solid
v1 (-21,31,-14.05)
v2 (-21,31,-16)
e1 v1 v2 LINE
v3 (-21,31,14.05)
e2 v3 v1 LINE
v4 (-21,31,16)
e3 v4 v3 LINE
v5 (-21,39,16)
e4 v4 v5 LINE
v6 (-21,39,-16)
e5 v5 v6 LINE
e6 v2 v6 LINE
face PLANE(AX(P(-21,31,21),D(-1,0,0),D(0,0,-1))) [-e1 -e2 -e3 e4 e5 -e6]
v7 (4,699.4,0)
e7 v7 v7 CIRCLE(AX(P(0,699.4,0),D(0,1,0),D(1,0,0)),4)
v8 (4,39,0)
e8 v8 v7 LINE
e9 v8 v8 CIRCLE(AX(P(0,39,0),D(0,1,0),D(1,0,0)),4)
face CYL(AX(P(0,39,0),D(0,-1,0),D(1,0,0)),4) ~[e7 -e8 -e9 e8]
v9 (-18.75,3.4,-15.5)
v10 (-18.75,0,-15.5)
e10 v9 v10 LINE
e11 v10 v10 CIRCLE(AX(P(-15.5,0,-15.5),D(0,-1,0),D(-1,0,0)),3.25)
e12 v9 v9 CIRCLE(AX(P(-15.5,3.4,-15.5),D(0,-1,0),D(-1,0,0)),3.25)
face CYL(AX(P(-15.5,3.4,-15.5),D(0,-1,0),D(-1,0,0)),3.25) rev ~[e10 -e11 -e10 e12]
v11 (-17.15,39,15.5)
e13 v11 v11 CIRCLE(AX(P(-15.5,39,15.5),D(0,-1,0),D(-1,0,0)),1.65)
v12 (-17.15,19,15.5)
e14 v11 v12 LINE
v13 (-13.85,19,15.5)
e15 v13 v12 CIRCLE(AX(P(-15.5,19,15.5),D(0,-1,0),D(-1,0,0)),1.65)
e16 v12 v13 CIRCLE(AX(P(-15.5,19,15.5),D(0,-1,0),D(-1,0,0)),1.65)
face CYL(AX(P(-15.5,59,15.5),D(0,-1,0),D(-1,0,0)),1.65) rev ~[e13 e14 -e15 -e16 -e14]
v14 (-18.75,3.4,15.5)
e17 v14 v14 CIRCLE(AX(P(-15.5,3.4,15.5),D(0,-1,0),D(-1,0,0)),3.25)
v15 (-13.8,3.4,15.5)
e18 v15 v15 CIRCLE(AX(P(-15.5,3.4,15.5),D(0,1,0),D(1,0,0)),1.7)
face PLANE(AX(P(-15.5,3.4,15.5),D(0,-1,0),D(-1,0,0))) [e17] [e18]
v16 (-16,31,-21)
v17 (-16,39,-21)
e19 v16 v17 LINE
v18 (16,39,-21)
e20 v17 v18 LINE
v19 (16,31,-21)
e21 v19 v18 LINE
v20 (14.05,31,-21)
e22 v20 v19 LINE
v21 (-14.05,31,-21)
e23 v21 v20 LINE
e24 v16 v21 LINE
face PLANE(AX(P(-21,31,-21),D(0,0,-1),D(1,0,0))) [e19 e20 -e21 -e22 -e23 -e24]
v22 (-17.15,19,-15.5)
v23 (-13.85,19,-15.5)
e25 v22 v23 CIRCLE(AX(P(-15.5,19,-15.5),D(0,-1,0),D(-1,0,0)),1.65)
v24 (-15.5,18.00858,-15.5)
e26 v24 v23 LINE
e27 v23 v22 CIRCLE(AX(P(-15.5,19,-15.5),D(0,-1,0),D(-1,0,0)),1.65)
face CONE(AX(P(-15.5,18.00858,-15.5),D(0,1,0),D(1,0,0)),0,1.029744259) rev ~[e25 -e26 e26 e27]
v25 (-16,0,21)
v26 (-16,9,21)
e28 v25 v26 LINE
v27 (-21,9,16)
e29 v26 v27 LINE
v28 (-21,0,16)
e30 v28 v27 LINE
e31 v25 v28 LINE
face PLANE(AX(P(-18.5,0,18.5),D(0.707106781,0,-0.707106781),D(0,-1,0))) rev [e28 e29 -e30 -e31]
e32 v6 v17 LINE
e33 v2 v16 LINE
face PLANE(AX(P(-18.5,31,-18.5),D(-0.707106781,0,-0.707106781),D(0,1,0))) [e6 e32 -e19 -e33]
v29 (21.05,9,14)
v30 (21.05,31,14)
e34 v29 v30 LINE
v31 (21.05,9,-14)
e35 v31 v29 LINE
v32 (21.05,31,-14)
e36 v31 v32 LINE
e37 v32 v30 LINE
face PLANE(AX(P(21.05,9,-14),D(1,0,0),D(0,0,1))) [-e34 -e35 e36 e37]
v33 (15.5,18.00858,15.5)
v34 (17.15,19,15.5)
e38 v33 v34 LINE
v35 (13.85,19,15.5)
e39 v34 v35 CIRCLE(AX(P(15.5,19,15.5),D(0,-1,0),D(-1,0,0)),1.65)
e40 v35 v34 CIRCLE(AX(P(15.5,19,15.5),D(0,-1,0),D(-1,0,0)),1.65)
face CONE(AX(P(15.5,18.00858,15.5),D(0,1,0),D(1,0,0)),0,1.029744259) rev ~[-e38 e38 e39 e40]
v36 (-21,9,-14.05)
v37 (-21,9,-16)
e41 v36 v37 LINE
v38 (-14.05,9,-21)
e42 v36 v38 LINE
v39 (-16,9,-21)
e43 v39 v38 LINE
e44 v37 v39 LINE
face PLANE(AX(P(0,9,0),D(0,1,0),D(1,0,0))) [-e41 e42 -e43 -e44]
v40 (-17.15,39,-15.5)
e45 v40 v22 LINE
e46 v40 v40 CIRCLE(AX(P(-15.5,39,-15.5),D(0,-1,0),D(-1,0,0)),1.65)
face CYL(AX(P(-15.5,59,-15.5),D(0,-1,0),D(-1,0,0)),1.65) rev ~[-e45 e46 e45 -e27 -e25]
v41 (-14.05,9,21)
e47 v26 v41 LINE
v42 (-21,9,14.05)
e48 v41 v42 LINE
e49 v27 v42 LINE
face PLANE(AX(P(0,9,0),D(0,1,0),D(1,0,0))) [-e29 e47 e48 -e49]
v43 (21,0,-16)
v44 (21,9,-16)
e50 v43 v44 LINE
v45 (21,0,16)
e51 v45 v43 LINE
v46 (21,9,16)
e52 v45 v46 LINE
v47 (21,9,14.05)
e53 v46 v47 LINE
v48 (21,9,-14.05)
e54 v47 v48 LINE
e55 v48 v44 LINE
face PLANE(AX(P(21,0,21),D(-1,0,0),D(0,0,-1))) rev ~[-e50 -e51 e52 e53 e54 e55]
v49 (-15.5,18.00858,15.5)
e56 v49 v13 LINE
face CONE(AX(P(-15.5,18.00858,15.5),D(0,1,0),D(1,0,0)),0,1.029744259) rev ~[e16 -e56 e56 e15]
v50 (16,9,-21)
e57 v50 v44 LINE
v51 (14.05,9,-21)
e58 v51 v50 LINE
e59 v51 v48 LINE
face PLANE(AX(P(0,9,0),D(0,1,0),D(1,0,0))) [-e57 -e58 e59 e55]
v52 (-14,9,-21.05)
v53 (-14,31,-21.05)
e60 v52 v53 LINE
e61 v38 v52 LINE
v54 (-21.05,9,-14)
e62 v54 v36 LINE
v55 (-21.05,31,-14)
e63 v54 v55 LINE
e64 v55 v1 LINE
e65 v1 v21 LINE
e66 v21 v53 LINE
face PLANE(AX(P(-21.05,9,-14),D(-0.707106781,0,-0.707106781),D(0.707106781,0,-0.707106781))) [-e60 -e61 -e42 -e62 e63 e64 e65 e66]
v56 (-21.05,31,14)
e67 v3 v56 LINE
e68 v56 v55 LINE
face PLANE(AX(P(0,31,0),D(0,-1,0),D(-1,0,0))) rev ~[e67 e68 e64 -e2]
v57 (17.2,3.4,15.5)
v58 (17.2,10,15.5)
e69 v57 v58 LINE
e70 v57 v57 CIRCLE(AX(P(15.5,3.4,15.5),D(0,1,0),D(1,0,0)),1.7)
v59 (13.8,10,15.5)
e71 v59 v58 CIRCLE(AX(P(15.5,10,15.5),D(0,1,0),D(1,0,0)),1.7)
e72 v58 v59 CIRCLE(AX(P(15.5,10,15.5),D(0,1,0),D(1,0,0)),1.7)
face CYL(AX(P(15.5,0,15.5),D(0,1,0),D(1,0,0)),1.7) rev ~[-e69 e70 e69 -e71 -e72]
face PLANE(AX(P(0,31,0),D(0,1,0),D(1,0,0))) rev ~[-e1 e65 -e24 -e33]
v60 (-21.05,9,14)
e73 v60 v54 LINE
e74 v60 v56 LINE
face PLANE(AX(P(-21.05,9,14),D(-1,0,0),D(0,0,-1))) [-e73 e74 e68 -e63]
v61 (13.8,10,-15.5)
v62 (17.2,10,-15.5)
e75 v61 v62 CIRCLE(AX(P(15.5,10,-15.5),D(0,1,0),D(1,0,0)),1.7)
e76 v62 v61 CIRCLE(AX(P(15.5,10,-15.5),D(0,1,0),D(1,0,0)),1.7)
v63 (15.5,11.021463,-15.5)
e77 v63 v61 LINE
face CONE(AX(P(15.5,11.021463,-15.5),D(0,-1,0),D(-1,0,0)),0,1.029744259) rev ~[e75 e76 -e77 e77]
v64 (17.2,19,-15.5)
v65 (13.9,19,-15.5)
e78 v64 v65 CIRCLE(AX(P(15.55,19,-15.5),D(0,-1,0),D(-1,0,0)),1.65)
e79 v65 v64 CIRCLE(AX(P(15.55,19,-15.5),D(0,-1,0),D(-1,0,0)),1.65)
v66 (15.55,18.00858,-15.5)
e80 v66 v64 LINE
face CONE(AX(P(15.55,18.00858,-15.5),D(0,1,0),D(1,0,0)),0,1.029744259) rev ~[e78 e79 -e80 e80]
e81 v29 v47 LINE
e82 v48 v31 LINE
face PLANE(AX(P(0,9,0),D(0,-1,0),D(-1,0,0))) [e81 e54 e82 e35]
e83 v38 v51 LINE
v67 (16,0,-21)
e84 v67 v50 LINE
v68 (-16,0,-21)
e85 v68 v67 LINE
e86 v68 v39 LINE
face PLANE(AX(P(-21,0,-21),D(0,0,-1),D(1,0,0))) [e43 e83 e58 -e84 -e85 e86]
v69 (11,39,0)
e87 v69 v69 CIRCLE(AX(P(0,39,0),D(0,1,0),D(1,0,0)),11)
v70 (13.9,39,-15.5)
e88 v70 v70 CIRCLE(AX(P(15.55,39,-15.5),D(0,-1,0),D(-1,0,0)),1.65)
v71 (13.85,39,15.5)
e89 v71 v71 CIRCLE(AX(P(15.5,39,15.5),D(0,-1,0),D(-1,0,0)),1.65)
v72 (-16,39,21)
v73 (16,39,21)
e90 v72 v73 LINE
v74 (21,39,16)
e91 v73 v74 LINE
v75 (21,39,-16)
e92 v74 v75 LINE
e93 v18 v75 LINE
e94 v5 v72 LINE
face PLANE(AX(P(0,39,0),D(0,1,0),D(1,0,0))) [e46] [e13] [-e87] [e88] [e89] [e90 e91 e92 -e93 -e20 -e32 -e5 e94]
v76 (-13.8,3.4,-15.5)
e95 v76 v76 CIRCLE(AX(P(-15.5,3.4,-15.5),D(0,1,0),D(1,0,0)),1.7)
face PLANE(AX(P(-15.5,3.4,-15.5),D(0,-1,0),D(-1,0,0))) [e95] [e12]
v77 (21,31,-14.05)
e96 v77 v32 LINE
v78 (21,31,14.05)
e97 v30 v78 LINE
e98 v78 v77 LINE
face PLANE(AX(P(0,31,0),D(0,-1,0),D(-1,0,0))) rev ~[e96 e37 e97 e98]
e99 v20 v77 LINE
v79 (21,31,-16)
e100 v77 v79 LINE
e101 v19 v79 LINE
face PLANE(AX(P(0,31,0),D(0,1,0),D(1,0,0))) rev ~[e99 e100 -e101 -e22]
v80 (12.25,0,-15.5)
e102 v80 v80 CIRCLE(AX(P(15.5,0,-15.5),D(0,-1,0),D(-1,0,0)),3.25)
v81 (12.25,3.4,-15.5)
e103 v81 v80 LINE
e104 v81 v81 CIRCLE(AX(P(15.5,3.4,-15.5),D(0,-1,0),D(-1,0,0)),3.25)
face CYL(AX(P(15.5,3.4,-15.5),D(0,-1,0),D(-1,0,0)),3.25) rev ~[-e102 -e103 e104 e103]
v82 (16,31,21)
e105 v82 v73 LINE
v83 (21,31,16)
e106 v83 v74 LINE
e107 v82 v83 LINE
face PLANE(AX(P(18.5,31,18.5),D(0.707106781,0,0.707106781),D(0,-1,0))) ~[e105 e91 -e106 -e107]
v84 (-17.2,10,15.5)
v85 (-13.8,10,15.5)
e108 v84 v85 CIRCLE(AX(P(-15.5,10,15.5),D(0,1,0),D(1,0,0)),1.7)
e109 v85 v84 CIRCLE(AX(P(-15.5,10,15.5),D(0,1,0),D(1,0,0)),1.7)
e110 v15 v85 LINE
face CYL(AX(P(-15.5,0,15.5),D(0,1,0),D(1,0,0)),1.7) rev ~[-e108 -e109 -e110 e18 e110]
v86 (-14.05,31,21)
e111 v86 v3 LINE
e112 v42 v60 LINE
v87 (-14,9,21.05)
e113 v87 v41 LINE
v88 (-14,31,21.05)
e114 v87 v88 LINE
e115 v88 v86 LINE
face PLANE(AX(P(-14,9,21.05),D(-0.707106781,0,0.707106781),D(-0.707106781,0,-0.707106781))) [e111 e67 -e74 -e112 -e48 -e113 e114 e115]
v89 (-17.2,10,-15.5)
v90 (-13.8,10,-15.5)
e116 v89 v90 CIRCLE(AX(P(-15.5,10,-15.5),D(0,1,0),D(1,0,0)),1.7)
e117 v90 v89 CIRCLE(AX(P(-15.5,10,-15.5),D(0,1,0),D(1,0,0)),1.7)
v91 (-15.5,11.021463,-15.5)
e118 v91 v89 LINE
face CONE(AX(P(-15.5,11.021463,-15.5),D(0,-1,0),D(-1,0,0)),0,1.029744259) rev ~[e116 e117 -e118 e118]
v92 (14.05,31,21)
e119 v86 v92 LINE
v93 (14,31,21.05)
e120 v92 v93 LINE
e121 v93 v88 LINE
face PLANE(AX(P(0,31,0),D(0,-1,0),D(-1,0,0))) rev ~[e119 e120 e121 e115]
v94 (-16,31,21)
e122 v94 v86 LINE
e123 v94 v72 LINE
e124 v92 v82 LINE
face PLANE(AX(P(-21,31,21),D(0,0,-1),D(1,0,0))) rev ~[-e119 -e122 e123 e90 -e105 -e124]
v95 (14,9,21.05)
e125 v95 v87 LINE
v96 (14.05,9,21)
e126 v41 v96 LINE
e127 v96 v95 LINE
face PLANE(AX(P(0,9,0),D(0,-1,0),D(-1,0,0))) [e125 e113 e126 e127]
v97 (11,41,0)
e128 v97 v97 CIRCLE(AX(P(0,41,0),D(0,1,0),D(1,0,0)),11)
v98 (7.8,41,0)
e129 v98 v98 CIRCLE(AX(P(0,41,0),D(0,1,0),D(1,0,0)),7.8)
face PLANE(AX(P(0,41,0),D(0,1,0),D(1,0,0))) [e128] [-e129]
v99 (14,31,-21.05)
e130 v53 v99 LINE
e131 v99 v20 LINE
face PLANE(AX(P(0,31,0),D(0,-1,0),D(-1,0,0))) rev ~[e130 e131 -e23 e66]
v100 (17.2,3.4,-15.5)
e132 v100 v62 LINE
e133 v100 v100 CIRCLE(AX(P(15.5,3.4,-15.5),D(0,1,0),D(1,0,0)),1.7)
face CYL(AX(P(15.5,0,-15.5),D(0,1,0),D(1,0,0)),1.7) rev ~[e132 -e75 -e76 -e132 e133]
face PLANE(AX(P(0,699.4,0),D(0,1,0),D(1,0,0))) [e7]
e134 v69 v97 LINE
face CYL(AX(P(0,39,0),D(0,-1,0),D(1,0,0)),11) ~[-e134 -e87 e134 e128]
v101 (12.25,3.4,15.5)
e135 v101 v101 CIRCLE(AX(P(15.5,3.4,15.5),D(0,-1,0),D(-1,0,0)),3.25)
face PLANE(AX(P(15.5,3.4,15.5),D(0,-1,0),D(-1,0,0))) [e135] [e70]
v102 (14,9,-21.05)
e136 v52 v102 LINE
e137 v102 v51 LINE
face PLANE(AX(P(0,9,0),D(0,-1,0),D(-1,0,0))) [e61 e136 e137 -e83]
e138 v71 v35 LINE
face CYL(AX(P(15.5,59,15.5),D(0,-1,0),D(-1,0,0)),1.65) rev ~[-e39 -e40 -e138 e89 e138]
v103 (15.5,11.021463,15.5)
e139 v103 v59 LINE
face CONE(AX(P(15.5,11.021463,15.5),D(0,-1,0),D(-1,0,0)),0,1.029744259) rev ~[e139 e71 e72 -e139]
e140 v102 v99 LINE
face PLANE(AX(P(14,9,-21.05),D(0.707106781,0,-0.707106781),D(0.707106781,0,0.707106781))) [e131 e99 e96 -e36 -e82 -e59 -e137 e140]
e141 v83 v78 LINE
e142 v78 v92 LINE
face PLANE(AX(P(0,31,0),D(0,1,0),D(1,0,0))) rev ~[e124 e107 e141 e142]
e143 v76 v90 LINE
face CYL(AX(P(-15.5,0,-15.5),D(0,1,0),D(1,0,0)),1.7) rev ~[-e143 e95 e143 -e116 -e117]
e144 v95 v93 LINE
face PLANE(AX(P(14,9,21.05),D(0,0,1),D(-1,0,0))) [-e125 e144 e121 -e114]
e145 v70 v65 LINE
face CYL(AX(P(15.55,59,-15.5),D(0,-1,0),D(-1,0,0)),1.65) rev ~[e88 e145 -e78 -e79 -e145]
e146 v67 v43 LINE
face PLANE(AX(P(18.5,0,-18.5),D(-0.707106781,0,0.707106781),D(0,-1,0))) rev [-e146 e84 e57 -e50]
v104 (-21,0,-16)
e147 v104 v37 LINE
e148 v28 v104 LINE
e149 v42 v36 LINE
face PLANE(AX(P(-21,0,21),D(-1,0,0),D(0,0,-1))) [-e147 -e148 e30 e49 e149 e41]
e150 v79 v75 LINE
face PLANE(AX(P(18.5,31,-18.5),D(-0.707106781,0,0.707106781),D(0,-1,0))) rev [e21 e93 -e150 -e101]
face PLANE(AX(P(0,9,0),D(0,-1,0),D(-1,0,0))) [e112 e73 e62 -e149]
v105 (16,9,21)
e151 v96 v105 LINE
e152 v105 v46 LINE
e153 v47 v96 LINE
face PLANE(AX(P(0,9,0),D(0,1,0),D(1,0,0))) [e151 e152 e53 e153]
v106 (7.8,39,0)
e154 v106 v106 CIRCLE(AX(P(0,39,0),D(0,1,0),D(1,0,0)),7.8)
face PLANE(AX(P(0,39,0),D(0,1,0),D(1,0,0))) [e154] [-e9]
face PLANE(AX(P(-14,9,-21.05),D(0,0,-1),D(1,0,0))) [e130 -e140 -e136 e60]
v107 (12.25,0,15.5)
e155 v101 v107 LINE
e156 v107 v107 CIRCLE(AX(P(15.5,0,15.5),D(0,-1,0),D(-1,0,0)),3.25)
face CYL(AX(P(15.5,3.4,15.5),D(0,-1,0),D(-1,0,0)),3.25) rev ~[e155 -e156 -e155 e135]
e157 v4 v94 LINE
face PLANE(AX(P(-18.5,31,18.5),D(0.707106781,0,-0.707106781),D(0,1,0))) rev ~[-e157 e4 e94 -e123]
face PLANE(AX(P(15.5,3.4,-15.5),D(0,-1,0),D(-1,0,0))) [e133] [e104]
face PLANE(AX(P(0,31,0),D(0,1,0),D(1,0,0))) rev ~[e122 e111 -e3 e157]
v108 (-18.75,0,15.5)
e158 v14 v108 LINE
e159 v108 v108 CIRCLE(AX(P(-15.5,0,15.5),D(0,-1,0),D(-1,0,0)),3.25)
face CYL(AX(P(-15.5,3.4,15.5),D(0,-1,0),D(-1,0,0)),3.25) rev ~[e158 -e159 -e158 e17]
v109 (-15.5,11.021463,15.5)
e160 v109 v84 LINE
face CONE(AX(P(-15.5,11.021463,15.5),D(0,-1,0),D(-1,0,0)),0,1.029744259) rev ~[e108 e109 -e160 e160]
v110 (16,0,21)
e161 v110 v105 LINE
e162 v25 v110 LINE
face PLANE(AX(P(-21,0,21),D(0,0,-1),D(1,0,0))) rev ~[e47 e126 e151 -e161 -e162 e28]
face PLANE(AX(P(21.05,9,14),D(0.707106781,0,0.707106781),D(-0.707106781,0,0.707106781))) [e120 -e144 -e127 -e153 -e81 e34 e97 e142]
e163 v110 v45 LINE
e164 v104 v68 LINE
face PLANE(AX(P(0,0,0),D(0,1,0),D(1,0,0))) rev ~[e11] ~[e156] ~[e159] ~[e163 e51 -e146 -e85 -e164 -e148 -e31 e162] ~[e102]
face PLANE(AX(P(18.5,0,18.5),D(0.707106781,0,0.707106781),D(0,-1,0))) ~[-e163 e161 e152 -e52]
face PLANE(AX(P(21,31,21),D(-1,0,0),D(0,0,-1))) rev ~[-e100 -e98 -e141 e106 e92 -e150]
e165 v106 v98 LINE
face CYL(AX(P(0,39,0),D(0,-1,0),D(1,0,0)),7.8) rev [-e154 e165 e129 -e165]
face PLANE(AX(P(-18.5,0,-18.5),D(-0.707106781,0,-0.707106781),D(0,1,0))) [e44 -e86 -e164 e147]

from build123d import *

# Parameters (mm, degrees)
ESBO_O1_W                                            = 42
ESBO_O1_H                                            = 42
RESSALTO_EXTRUS_O1_DEPTH                             = 9
RESSALTO_EXTRUS_O2_DEPTH                             = 22
ESBO_O3_W                                            = 42
ESBO_O3_H                                            = 42
RESSALTO_EXTRUS_O3_DEPTH                             = 8
ESBO_O4_R                                            = 11
ESBO_O4_R_2                                          = 7.8
RESSALTO_EXTRUS_O4_DEPTH                             = 2
BROCA_DE_ROSQUEAR_PARA_TARRAXA_DE_M41_D              = 3.3
BROCA_DE_ROSQUEAR_PARA_TARRAXA_DE_M41_DEPTH          = 20
BROCA_DE_ROSQUEAR_PARA_TARRAXA_DE_M41_TIP            = 0.991420021
CHANFRO1_SIZE                                        = 5
REBAIXO_PARA_PARAFUSO_ALLEN_SEXTAVADO_DE_D           = 3.4
REBAIXO_PARA_PARAFUSO_ALLEN_SEXTAVADO_DE_DEPTH       = 10
REBAIXO_PARA_PARAFUSO_ALLEN_SEXTAVADO_DE_CBORE_D     = 6.5
REBAIXO_PARA_PARAFUSO_ALLEN_SEXTAVADO_DE_CBORE_DEPTH = 3.4
REBAIXO_PARA_PARAFUSO_ALLEN_SEXTAVADO_DE_TIP         = 1.021463052
ESBO_O10_R                                           = 4
BOSS_EXTRUDE1_DEPTH                                  = 660.4


with BuildPart() as part:
    # Esboço1 → Ressalto-extrusão1 (new body)
    with BuildSketch(Plane(origin=(0, 0, 0), x_dir=(1, 0, 0), z_dir=(0, 1, 0))):
        Rectangle(ESBO_O1_W, ESBO_O1_H)
    extrude(amount=RESSALTO_EXTRUS_O1_DEPTH)

    # Esboço2 → Ressalto-extrusão2 (add)
    with BuildSketch(Plane(origin=(0, 9, 0), x_dir=(1, 0, 0), z_dir=(0, 1, 0))):
        Polygon((14, 21.05), (21.05, 14), (21.05, -14), (14, -21.05), (-14, -21.05), (-21.05, -14), (-21.05, 14), (-14, 21.05), align=None)
    extrude(amount=RESSALTO_EXTRUS_O2_DEPTH)

    # Esboço3 → Ressalto-extrusão3 (add)
    with BuildSketch(Plane(origin=(0, 31, 0), x_dir=(1, 0, 0), z_dir=(0, 1, 0))):
        Rectangle(ESBO_O3_W, ESBO_O3_H)
    extrude(amount=RESSALTO_EXTRUS_O3_DEPTH)

    # Esboço4 → Ressalto-extrusão4 (add)
    with BuildSketch(Plane(origin=(0, 39, 0), x_dir=(1, 0, 0), z_dir=(0, 1, 0))):
        Circle(ESBO_O4_R)
        Circle(ESBO_O4_R_2, mode=Mode.SUBTRACT)
    extrude(amount=RESSALTO_EXTRUS_O4_DEPTH)

    # Broca de rosquear para tarraxa de M41
    with Locations(Plane(origin=(0, 39, 0), x_dir=(1, 0, 0), z_dir=(0, 1, 0))):
        with Locations((-15.5, -15.5), (-15.5, 15.5), (15.55, 15.5), (15.5, -15.5)):
            Hole(BROCA_DE_ROSQUEAR_PARA_TARRAXA_DE_M41_D / 2, depth=BROCA_DE_ROSQUEAR_PARA_TARRAXA_DE_M41_DEPTH)
            with Locations((0, 0, -(BROCA_DE_ROSQUEAR_PARA_TARRAXA_DE_M41_DEPTH + BROCA_DE_ROSQUEAR_PARA_TARRAXA_DE_M41_TIP / 2))):  # 118° drill point
                Cone(0, BROCA_DE_ROSQUEAR_PARA_TARRAXA_DE_M41_D / 2, BROCA_DE_ROSQUEAR_PARA_TARRAXA_DE_M41_TIP, mode=Mode.SUBTRACT)

    # Chanfro1
    chanfro1_edges = [part.edges().sort_by_distance(p)[0] for p in [
        (-21, 35, -21),
        (-21, 35, 21),
        (21, 35, 21),
        (21, 35, -21),
        (21, 4.5, -21),
        (-21, 4.5, -21),
        (-21, 4.5, 21),
        (21, 4.5, 21),
    ]]
    chamfer(chanfro1_edges, length=CHANFRO1_SIZE)

    # Rebaixo para parafuso Allen sextavado de M31
    with Locations(Plane(origin=(0, 0, 0), x_dir=(-1, 0, 0), z_dir=(0, -1, 0))):
        with Locations((-15.5, 15.5), (15.5, 15.5), (15.5, -15.5), (-15.5, -15.5)):
            CounterBoreHole(REBAIXO_PARA_PARAFUSO_ALLEN_SEXTAVADO_DE_D / 2, REBAIXO_PARA_PARAFUSO_ALLEN_SEXTAVADO_DE_CBORE_D / 2, REBAIXO_PARA_PARAFUSO_ALLEN_SEXTAVADO_DE_CBORE_DEPTH, depth=REBAIXO_PARA_PARAFUSO_ALLEN_SEXTAVADO_DE_DEPTH)
            with Locations((0, 0, -(REBAIXO_PARA_PARAFUSO_ALLEN_SEXTAVADO_DE_DEPTH + REBAIXO_PARA_PARAFUSO_ALLEN_SEXTAVADO_DE_TIP / 2))):  # 118° drill point
                Cone(0, REBAIXO_PARA_PARAFUSO_ALLEN_SEXTAVADO_DE_D / 2, REBAIXO_PARA_PARAFUSO_ALLEN_SEXTAVADO_DE_TIP, mode=Mode.SUBTRACT)

    # Esboço10 → Boss-Extrude1 (add)
    with BuildSketch(Plane(origin=(0, 39, 0), x_dir=(1, 0, 0), z_dir=(0, 1, 0))):
        Circle(ESBO_O10_R)
    extrude(amount=BOSS_EXTRUDE1_DEPTH)


solid = part.part
